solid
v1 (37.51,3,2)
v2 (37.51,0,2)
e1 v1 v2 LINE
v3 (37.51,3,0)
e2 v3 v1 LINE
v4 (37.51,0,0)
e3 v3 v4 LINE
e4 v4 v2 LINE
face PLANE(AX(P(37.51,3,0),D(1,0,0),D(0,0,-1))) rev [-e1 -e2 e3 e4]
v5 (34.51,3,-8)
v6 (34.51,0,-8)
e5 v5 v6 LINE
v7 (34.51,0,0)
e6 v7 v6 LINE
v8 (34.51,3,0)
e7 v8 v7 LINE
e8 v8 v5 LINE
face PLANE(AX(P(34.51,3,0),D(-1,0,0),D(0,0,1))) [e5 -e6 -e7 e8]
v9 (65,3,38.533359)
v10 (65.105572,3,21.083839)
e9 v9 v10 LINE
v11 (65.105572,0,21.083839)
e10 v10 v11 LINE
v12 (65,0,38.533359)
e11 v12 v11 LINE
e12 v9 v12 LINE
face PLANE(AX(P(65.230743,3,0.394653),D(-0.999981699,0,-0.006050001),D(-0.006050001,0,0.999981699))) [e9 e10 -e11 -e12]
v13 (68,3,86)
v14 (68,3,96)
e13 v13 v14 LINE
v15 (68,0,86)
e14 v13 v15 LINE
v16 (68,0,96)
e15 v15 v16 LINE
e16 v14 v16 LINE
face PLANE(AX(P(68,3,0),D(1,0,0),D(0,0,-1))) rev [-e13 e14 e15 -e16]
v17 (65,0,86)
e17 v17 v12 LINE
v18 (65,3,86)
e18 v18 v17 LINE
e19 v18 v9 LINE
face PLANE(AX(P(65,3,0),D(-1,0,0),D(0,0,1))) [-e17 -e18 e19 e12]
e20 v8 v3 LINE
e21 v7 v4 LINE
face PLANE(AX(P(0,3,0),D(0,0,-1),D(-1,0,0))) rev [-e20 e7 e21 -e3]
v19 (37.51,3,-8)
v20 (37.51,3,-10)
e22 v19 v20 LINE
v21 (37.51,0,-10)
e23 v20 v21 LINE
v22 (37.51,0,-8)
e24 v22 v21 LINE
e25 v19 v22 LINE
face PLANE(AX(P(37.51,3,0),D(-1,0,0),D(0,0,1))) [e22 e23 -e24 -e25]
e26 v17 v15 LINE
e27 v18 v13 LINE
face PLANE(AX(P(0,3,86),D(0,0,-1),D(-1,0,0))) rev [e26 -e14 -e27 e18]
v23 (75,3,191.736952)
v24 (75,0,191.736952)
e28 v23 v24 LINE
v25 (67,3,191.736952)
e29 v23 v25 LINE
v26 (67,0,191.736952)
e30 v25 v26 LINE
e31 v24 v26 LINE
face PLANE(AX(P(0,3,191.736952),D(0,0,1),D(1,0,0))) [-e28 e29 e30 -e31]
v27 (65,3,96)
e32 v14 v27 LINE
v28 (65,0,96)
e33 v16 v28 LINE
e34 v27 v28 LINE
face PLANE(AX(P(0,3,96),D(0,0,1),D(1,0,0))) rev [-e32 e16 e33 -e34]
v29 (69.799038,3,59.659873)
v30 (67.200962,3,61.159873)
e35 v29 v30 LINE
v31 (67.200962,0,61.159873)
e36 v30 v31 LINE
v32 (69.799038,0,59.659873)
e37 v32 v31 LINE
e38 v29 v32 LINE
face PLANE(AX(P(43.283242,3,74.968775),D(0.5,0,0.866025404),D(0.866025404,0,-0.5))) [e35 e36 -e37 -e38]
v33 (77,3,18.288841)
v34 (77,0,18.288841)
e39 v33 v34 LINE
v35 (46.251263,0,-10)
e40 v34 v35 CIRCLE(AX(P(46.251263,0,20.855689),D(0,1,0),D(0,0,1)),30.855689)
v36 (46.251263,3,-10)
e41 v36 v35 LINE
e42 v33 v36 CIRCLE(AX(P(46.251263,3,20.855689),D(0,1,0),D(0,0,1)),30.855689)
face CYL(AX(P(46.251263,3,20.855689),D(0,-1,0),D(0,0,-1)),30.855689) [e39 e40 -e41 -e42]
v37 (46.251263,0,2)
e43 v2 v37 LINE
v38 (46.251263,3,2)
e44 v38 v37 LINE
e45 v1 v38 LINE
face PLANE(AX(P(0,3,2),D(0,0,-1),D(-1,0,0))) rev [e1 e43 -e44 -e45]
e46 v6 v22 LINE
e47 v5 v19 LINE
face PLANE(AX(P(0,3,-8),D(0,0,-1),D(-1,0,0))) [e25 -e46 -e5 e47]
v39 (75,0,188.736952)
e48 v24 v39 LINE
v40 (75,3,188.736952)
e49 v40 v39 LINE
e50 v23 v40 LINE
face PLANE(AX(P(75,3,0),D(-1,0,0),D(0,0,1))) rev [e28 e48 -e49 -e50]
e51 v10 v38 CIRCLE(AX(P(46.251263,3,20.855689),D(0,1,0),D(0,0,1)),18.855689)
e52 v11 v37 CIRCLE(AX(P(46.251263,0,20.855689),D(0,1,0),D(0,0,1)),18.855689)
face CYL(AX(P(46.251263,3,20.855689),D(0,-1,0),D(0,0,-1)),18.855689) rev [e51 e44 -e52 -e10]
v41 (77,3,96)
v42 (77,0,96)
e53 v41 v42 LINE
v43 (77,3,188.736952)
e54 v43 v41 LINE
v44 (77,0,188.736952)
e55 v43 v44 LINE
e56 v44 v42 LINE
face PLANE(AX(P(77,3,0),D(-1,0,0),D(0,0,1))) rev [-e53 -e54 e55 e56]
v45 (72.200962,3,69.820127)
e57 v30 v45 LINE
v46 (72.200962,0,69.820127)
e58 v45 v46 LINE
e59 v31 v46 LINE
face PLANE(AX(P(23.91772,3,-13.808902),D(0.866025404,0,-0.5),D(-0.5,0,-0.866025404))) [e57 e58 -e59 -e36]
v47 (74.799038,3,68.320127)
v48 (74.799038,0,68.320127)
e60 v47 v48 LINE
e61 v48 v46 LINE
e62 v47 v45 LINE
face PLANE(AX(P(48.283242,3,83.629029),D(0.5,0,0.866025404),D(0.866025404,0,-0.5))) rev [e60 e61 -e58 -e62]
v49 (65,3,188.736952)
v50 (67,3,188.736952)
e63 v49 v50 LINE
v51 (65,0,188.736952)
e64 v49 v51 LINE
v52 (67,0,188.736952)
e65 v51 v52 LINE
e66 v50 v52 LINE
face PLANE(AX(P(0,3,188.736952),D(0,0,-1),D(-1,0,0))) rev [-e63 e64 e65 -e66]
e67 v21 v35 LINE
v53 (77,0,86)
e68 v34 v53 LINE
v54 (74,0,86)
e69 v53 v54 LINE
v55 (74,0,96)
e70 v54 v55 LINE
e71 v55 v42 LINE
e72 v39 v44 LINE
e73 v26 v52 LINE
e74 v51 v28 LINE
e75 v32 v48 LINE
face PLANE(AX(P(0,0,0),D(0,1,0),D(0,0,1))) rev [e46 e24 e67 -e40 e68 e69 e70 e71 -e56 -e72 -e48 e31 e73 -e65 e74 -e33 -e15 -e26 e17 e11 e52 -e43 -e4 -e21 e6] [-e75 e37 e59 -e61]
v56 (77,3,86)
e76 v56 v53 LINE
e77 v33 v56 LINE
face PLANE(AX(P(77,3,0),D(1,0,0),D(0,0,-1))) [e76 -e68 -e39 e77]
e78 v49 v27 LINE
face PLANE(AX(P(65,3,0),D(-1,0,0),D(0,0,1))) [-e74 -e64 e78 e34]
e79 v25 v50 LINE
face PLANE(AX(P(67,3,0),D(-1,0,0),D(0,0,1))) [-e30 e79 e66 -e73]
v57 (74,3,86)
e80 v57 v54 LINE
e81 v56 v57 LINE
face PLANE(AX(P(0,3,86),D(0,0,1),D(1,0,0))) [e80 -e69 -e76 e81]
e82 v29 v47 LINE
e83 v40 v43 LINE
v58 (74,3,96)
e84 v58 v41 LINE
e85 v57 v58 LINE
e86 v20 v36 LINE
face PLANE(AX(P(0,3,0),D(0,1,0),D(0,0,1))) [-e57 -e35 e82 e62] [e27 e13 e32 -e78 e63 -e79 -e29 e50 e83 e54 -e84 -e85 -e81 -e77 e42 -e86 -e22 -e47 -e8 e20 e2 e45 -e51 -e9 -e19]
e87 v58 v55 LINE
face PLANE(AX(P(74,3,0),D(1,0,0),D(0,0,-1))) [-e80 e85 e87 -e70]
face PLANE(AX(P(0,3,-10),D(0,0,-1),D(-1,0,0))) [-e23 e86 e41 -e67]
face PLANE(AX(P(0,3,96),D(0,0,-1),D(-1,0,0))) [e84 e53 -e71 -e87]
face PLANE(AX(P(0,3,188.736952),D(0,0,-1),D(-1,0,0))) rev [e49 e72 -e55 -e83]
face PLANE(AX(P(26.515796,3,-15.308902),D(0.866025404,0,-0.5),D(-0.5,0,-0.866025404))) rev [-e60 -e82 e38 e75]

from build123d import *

# Parameters (mm, degrees)
SALIENTE_EXTRUIR1_DEPTH = 3


with BuildPart() as part:
    # Croquis1 → Saliente-Extruir1 (new body)
    with BuildSketch(Plane(origin=(0, 0, 0), x_dir=(1, 0, 0), z_dir=(0, 1, 0))):
        with BuildLine():
            Line((34.51, 4), (34.51, 0))
            Line((34.51, 0), (37.51, 0))
            Line((37.51, 0), (37.51, -2))
            Line((37.51, -2), (46.251262658, -2))
            ThreePointArc((46.251262658, -2), (59.584248365, -7.522703507), (65.106951872, -20.855689213))
            ThreePointArc((65.106951872, -20.855689213), (65.106606786, -20.969766147), (65.105571541, -21.083838906))
            Line((65.105571541, -21.083838906), (65, -38.533358743))
            Line((65, -38.533358743), (65, -86))
            Line((65, -86), (68, -86))
            Line((68, -86), (68, -96))
            Line((68, -96), (65, -96))
            Line((65, -96), (65, -117.736951872))
            Line((65, -117.736951872), (65, -188.736951872))
            Line((65, -188.736951872), (67, -188.736951872))
            Line((67, -188.736951872), (67, -191.736951872))
            Line((67, -191.736951872), (75, -191.736951872))
            Line((75, -191.736951872), (75, -188.736951872))
            Line((75, -188.736951872), (77, -188.736951872))
            Line((77, -188.736951872), (77, -96))
            Line((77, -96), (74, -96))
            Line((74, -96), (74, -86))
            Line((74, -86), (77, -86))
            Line((77, -86), (77, -64.74))
            Line((77, -64.74), (77, -38.533358743))
            Line((77, -38.533358743), (77, -23.422537226))
            Line((77, -23.422537226), (77, -18.2888412))
            ThreePointArc((77, -18.2888412), (67.142309691, 1.851968321), (46.251262658, 10))
            Line((46.251262658, 10), (37.51, 10))
            Line((37.51, 10), (37.51, 8))
            Line((37.51, 8), (34.51, 8))
            Line((34.51, 8), (34.51, 4))
        make_face()
        Polygon((67.200961894, -61.159872981), (69.799038106, -59.659872981), (74.799038106, -68.320127019), (72.200961894, -69.820127019), align=None, mode=Mode.SUBTRACT)
    extrude(amount=SALIENTE_EXTRUIR1_DEPTH)


solid = part.part
